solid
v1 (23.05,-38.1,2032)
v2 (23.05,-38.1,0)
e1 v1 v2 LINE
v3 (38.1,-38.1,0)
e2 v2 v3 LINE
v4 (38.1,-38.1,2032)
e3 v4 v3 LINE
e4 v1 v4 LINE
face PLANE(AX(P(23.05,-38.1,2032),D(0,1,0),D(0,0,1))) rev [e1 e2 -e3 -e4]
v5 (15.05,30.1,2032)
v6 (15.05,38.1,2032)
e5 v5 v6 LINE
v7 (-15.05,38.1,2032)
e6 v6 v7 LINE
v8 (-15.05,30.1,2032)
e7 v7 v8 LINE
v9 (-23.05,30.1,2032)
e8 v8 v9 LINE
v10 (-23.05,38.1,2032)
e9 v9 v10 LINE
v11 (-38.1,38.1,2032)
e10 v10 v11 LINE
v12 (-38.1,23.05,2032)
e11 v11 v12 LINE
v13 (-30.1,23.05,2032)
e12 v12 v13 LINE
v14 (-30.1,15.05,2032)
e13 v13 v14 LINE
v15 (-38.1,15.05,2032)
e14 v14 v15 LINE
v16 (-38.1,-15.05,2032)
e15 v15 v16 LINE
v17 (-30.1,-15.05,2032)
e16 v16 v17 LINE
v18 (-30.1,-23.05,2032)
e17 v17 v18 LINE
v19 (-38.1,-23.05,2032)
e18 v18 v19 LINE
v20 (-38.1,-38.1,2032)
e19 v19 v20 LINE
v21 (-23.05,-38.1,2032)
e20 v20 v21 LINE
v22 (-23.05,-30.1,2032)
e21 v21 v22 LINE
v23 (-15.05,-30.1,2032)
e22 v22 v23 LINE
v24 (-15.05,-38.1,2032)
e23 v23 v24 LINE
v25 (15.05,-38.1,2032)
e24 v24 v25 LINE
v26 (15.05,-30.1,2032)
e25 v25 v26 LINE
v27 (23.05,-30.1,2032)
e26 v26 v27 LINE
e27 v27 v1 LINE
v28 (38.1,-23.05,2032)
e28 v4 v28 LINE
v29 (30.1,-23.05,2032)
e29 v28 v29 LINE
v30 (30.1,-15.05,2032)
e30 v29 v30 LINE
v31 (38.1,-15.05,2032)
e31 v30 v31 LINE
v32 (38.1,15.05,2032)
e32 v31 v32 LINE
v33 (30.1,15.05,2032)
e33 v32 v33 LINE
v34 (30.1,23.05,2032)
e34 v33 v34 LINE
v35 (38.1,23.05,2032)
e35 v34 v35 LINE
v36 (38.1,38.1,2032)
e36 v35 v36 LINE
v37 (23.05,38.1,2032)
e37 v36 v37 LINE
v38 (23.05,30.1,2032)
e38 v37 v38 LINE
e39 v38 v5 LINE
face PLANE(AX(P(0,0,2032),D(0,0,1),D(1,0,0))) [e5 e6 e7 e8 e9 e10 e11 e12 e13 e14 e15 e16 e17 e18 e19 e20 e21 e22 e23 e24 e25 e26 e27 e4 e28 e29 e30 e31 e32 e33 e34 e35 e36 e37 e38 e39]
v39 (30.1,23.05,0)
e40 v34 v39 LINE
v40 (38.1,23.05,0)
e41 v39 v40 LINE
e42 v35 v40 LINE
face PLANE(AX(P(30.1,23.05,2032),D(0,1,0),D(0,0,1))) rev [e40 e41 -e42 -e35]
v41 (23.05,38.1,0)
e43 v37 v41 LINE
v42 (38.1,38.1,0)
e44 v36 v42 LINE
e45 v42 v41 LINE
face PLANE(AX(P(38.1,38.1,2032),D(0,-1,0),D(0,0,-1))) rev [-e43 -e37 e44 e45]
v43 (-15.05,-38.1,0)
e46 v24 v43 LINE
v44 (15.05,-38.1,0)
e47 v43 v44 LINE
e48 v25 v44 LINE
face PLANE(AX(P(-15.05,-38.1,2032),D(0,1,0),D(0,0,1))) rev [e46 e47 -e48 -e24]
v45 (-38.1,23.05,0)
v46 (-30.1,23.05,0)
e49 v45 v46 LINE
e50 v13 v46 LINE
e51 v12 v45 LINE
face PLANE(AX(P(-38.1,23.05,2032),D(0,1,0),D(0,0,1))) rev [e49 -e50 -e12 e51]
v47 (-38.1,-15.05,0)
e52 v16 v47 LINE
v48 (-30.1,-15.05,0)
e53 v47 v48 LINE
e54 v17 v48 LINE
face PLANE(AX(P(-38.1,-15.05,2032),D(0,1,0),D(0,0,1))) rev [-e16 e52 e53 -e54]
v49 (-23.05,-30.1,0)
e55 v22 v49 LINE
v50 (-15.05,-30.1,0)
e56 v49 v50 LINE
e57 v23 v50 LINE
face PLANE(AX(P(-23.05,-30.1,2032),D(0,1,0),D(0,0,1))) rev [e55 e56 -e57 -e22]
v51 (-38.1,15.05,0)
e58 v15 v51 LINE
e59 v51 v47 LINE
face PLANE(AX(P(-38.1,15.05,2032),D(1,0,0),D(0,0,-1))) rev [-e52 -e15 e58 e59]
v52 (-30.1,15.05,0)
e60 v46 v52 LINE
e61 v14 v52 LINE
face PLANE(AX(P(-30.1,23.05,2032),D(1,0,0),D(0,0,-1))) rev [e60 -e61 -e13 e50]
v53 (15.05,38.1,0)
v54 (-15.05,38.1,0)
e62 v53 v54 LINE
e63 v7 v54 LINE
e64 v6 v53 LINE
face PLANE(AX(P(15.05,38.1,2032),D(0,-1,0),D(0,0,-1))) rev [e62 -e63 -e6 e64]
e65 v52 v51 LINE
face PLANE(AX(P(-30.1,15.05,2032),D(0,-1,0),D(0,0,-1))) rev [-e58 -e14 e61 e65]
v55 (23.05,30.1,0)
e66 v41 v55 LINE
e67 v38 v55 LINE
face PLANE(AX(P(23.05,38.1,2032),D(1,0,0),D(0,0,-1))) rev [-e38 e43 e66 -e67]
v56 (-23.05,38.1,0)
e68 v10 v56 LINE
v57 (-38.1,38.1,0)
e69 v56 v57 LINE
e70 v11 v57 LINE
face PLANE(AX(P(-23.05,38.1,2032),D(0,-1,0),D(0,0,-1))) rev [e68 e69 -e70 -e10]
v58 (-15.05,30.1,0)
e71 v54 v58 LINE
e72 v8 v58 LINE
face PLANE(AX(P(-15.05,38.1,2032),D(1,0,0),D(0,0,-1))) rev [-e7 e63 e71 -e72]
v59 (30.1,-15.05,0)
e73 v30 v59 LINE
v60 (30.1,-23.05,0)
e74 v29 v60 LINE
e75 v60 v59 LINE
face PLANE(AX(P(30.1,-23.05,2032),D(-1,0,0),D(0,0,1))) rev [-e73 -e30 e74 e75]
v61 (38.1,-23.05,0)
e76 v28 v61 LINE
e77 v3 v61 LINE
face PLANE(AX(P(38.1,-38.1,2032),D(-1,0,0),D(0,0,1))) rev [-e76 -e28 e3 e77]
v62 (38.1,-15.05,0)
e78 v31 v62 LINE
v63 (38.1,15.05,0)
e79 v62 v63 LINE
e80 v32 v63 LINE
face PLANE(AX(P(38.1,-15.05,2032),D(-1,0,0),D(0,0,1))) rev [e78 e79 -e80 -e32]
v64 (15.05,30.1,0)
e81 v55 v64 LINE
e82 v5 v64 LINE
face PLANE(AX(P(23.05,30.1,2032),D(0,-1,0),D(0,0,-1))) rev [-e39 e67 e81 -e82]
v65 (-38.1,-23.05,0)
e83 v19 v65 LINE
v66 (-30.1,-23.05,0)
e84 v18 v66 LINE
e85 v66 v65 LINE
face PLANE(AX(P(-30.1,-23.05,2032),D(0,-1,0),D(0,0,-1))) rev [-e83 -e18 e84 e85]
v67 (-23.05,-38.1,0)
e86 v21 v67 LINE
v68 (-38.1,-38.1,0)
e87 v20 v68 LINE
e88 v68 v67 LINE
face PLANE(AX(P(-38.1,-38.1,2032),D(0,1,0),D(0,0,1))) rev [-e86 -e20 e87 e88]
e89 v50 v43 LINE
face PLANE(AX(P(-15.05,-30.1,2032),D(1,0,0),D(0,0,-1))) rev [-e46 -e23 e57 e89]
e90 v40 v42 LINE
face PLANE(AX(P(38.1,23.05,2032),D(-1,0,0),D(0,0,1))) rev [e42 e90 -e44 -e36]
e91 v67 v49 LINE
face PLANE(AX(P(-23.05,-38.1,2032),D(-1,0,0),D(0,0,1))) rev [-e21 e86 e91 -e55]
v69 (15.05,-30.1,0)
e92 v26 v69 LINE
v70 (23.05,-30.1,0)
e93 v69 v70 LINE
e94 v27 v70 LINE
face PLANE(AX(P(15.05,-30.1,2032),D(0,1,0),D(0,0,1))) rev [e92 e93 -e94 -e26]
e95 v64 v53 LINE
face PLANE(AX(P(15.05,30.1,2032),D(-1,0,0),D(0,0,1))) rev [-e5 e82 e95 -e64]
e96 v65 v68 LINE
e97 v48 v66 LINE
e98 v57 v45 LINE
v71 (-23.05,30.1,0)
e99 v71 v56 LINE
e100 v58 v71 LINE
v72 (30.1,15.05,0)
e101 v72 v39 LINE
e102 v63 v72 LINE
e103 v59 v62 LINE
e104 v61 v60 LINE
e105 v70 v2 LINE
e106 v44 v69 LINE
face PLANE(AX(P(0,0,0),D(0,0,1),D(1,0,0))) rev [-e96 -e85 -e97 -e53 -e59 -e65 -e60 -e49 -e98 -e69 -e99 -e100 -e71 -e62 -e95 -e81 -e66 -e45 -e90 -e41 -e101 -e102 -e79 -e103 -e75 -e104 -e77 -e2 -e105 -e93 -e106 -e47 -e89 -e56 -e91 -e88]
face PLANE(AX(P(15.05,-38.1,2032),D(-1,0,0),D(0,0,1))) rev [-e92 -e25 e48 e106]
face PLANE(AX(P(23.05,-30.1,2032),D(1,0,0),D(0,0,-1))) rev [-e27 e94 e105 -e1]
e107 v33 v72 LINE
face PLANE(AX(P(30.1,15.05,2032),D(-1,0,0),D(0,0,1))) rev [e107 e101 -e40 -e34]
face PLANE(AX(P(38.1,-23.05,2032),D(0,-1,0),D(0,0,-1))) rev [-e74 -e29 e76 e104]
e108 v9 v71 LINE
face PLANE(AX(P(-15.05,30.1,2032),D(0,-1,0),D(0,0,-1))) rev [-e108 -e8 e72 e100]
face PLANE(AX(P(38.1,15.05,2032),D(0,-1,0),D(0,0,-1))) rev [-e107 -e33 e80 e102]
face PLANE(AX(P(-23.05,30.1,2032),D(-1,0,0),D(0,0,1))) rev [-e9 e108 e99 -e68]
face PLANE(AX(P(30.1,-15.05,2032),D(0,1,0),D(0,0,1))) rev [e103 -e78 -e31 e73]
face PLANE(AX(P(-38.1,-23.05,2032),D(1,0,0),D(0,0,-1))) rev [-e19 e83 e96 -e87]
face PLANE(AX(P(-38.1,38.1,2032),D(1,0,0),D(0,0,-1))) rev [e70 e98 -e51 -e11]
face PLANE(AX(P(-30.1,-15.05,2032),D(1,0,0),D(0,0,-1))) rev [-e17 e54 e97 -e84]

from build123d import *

# Parameters (mm, degrees)
PROFILE_DEPTH = 2032


with BuildPart() as part:
    # Sketch1 → Profile (new body)
    with BuildSketch(Plane.XY):
        Polygon((-38.1, -38.1), (-23.05, -38.1), (-23.05, -30.1), (-15.05, -30.1), (-15.05, -38.1), (15.05, -38.1), (15.05, -30.1), (23.05, -30.1), (23.05, -38.1), (38.1, -38.1), (38.1, -23.05), (30.1, -23.05), (30.1, -15.05), (38.1, -15.05), (38.1, 15.05), (30.1, 15.05), (30.1, 23.05), (38.1, 23.05), (38.1, 38.1), (23.05, 38.1), (23.05, 30.1), (15.05, 30.1), (15.05, 38.1), (-15.05, 38.1), (-15.05, 30.1), (-23.05, 30.1), (-23.05, 38.1), (-38.1, 38.1), (-38.1, 23.05), (-30.1, 23.05), (-30.1, 15.05), (-38.1, 15.05), (-38.1, -15.05), (-30.1, -15.05), (-30.1, -23.05), (-38.1, -23.05), align=None)
    extrude(amount=PROFILE_DEPTH)


solid = part.part
